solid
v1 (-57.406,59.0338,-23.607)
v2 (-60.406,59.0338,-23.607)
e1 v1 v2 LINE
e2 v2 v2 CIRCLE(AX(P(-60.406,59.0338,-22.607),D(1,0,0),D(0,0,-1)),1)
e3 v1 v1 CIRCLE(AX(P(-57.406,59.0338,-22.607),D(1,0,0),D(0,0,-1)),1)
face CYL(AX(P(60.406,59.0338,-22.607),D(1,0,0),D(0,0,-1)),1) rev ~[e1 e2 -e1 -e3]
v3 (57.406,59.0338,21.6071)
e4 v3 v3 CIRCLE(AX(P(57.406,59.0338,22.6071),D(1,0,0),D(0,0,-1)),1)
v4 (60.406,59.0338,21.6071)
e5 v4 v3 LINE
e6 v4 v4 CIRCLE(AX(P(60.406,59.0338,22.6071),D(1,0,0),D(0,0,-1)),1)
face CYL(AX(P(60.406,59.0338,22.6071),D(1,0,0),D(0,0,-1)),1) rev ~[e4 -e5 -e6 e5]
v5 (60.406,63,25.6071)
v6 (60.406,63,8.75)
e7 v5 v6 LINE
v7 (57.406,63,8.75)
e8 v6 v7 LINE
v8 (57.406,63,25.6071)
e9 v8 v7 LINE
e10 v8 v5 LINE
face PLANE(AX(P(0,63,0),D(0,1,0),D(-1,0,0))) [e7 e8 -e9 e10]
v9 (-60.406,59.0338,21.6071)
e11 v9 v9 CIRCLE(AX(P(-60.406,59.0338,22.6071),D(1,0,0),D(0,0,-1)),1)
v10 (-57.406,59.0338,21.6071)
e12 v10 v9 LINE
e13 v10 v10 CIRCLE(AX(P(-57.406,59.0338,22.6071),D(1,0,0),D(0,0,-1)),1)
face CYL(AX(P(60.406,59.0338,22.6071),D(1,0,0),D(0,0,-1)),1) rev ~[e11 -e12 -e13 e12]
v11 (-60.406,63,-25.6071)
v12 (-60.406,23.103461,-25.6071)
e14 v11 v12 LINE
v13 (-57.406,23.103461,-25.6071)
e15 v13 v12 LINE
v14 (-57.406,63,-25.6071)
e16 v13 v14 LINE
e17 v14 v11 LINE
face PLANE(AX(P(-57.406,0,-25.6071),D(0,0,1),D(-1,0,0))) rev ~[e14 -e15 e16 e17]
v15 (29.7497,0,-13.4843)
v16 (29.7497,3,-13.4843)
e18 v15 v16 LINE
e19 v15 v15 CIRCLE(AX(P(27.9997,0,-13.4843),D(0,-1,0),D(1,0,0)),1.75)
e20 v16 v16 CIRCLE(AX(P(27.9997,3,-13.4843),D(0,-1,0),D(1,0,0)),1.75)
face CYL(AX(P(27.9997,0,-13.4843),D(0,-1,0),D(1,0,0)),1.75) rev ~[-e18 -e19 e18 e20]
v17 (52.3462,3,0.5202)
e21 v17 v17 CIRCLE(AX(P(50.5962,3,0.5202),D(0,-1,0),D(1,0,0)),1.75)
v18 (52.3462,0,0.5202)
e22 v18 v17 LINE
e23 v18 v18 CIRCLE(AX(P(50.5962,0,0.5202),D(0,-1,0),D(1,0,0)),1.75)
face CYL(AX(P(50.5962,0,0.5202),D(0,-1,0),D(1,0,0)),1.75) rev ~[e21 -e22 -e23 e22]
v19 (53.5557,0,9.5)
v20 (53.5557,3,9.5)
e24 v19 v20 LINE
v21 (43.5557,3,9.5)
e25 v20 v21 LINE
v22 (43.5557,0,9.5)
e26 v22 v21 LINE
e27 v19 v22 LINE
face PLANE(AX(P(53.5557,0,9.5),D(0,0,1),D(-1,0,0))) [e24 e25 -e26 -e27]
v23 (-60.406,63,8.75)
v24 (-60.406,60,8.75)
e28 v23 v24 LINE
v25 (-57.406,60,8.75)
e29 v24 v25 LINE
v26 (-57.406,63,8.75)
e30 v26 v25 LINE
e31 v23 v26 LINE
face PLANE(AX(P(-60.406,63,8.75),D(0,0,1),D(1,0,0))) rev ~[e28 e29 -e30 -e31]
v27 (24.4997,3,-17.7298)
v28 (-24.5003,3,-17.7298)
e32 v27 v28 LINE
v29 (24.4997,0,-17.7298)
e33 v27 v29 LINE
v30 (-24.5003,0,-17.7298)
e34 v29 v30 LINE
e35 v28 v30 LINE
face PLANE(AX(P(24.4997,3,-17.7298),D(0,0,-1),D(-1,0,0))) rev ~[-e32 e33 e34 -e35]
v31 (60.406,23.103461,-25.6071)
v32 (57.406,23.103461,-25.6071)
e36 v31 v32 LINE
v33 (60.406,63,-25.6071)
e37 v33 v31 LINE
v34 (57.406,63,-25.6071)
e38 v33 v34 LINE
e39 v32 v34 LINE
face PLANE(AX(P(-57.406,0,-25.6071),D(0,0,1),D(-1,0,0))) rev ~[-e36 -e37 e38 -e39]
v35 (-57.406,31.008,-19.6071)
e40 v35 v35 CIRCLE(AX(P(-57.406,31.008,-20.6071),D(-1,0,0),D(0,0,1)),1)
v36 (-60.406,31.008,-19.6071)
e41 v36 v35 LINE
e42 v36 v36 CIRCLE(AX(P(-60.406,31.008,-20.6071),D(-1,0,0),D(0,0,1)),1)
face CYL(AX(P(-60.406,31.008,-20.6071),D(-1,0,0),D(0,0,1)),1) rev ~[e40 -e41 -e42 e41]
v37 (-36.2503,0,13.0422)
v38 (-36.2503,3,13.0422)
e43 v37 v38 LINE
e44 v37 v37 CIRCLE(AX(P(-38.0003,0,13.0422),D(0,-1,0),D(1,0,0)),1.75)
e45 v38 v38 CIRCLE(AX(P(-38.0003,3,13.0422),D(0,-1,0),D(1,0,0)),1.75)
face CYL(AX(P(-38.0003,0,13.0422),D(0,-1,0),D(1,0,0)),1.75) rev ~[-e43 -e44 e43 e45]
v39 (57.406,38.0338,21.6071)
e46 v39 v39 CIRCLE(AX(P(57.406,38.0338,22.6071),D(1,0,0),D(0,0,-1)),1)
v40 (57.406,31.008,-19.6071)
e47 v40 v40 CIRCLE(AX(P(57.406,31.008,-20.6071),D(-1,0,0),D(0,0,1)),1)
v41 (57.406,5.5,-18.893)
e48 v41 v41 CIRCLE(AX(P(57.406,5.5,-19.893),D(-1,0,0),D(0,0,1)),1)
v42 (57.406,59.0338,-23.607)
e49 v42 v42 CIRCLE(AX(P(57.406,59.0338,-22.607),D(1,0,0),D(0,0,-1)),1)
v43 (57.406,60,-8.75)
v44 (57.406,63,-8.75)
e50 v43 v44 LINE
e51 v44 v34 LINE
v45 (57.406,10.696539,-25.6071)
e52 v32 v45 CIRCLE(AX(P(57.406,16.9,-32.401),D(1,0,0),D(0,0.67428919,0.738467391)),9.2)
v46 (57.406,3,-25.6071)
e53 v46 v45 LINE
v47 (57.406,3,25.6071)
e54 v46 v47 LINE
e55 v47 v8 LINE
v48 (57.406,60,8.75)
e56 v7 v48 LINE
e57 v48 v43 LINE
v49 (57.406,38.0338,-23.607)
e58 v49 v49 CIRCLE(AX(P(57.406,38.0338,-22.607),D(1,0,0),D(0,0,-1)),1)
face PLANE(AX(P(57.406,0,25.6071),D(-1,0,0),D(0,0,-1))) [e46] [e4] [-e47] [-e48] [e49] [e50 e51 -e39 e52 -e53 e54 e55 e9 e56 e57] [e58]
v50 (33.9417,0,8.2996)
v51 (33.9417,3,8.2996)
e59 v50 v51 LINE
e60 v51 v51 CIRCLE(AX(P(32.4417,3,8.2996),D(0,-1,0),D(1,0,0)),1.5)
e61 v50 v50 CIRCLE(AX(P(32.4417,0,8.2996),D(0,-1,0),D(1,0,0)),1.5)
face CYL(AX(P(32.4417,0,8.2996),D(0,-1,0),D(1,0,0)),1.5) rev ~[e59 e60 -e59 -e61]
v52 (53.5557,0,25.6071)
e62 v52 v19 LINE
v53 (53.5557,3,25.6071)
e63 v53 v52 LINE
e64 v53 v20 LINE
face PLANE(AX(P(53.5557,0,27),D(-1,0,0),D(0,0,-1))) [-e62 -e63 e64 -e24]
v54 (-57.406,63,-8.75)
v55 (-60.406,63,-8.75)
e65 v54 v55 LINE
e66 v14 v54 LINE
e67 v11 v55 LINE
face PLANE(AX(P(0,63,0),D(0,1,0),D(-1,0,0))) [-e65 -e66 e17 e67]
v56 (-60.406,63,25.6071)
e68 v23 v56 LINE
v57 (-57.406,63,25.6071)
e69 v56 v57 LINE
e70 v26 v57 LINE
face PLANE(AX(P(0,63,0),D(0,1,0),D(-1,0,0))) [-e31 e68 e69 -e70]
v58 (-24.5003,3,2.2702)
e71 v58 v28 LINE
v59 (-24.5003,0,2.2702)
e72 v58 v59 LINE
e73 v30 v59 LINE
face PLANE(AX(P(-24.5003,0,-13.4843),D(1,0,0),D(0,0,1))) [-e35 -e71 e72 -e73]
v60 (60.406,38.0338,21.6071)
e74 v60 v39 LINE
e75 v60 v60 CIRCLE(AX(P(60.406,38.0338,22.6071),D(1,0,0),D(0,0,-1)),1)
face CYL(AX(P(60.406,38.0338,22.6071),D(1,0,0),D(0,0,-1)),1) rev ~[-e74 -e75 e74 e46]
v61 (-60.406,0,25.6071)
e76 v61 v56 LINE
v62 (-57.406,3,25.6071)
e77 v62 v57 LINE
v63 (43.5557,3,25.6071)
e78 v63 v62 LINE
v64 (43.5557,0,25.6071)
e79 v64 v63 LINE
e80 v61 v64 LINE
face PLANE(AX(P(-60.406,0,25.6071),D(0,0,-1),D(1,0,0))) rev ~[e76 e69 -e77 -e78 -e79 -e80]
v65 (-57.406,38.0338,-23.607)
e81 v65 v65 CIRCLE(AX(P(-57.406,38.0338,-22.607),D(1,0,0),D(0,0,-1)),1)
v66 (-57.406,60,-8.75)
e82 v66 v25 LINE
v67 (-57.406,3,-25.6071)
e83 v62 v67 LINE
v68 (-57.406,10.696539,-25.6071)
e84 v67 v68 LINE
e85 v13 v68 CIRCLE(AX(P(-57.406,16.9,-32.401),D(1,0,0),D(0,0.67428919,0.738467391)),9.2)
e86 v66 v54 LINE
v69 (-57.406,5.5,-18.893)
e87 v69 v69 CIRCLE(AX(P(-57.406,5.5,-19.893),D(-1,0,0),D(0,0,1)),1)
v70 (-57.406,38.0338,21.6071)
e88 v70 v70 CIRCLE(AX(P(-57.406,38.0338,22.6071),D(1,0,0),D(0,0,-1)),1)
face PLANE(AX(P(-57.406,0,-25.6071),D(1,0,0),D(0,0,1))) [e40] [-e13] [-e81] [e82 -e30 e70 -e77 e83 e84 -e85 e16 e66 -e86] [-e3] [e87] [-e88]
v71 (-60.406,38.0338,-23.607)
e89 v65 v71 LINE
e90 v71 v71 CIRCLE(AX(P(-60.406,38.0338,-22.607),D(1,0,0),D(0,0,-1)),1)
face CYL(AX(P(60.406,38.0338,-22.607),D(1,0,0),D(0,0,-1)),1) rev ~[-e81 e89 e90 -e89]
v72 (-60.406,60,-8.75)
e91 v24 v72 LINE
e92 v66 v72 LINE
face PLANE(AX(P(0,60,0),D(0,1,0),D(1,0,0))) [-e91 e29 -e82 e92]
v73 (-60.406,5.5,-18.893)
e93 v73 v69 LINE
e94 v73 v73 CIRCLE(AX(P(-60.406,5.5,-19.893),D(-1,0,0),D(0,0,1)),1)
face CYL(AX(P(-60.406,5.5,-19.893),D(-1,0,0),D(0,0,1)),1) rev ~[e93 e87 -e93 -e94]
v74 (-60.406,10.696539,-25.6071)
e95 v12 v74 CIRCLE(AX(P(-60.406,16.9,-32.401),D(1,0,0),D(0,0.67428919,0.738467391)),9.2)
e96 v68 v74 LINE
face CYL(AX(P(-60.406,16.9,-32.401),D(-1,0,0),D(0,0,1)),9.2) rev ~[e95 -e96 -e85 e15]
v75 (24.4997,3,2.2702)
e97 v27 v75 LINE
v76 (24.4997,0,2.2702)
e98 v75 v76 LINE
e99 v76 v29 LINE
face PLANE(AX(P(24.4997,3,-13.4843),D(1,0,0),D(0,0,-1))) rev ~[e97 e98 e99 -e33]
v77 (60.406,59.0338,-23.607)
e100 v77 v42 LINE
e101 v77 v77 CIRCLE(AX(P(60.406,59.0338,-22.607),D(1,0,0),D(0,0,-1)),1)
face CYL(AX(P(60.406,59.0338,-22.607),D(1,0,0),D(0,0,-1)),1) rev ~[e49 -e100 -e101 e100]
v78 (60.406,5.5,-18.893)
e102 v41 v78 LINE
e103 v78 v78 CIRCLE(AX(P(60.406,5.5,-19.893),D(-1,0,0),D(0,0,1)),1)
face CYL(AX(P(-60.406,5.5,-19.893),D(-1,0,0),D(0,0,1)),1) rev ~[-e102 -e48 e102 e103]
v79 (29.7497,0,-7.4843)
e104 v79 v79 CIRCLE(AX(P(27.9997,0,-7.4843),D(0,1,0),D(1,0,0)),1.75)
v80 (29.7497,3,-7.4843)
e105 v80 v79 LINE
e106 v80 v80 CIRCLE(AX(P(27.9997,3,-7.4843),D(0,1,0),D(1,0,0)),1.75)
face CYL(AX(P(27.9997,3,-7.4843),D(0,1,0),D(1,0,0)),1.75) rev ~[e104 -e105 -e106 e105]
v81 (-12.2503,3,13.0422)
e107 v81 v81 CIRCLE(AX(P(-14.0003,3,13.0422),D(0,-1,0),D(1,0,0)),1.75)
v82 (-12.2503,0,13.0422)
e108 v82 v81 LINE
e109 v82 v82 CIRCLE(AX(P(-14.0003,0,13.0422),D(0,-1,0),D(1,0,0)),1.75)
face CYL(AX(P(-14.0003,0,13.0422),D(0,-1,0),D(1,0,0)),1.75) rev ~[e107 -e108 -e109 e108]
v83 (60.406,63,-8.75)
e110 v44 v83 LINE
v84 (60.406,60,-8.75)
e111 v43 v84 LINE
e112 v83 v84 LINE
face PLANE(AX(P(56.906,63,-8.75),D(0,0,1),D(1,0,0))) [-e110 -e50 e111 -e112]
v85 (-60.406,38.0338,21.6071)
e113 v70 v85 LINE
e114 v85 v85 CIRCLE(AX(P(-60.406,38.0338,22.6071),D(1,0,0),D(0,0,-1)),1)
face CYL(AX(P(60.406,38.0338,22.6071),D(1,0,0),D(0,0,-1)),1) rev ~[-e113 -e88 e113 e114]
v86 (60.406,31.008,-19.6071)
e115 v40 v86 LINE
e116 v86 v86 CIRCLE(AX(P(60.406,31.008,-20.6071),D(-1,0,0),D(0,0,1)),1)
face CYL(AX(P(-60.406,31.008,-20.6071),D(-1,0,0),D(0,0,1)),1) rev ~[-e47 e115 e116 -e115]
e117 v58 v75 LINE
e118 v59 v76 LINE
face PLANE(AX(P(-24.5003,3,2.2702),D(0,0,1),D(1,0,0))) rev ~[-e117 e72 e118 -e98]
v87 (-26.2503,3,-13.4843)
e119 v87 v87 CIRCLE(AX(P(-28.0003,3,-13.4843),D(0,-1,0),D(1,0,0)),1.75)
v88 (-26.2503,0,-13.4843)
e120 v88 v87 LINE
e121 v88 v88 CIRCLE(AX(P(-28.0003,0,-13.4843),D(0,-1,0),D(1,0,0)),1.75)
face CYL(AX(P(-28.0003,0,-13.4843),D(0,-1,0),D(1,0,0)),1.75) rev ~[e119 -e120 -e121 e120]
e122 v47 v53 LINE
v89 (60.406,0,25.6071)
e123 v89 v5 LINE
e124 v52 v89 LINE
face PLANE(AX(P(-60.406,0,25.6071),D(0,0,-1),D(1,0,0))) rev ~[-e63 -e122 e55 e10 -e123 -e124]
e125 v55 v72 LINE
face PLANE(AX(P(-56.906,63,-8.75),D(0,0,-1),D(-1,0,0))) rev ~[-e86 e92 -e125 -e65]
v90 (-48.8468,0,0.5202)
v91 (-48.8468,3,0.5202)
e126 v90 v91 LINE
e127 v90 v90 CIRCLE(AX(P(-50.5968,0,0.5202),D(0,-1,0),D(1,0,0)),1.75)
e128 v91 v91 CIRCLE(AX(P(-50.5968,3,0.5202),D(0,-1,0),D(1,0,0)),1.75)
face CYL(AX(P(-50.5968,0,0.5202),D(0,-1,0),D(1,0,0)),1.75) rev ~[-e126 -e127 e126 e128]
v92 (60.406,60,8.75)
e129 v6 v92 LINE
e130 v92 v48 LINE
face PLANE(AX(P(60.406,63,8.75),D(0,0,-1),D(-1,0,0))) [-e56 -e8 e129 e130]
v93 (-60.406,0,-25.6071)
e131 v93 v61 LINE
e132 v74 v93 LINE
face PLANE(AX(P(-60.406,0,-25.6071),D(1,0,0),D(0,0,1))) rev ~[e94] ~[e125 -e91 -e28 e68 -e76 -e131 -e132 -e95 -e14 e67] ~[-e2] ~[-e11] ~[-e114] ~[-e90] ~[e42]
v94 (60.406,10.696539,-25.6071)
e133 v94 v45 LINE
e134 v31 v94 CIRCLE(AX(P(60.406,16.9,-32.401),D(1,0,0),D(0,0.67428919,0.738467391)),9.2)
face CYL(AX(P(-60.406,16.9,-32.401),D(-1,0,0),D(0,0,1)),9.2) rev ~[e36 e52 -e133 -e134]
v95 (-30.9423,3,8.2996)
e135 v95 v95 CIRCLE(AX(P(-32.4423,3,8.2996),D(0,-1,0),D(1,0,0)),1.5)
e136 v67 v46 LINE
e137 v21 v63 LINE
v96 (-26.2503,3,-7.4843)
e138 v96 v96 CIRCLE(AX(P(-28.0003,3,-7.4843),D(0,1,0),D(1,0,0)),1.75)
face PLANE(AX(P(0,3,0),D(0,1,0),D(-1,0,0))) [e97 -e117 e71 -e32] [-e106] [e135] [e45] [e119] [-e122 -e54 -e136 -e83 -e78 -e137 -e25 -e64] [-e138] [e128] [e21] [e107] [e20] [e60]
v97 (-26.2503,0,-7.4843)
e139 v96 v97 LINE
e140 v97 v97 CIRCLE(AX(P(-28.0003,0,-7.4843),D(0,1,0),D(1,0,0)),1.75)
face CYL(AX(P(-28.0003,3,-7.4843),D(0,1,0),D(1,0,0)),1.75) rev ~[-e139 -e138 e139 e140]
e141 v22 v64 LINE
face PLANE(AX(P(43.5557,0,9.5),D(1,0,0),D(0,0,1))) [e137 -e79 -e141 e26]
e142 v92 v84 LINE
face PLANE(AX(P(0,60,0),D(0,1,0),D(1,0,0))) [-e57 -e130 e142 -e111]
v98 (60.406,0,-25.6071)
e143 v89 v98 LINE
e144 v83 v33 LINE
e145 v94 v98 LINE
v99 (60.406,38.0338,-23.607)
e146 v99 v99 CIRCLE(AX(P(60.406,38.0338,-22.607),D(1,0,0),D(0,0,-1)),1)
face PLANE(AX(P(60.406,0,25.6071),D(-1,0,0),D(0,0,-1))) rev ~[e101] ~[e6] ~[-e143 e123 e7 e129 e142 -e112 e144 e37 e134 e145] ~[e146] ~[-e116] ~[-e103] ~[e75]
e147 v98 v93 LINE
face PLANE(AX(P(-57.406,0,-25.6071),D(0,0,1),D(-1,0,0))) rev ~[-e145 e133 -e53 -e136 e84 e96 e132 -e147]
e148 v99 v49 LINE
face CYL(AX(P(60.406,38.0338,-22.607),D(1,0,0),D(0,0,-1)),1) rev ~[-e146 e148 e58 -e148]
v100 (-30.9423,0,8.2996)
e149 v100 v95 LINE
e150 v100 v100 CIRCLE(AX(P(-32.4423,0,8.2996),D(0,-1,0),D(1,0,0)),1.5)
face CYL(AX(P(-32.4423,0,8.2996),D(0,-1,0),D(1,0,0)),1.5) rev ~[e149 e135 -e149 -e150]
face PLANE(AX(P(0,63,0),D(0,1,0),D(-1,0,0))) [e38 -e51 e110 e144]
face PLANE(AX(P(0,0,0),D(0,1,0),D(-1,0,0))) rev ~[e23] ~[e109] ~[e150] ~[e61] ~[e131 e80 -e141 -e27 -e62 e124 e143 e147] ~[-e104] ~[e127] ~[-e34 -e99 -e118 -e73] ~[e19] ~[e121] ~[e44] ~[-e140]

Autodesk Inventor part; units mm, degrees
ref_plane "YZ Plane" through (0, 0, 0) normal (1, 0, 0) x (0, 1, 0)
ref_plane "XZ Plane" through (0, 0, 0) normal (0, 1, 0) x (-1, 0, 0)
sketch "Sketch1" plane through (0, 0, 0) normal (0, 1, 0) x (-1, 0, 0)
  line L0 (60.406, 25.6071) -> (-60.406, 25.6071)
  line L1 (-60.406, 25.6071) -> (-60.406, -25.6071)
  line L2 (-60.406, -25.6071) -> (60.406, -25.6071)
  line L3 (60.406, -25.6071) -> (60.406, 25.6071)
  line L4 (60.406, 25.6071) -> (-60.406, -25.6071) construction
  line L5 (-60.406, 25.6071) -> (60.406, -25.6071) construction
  line L6 (-57.406, 25.6071) -> (-57.406, -25.6071)
  line L7 (57.406, -25.6071) -> (57.406, 25.6071)
  line L8 (57.406, 23.5058) -> (55.4493, 23.5058)
  line L9 (-55.4493, 23.5058) -> (-57.406, 23.5058)
  line L10 (-57.406, -33.4947) -> (-79.0126, -33.4947)
  line L11 (79.0126, -33.4947) -> (57.406, -33.4947)
  point P0 (0, 0)
  dimension "d0" = 120.812
  dimension "d1" = 51.2141
  dimension "d8" = 3
  dimension "d9" = 3
  dimension "d10" = 114.812
extrude "Extrusion1" add sketch "Sketch1" along normal blind 3
extrude "Extrusion2" add sketch "Sketch1" along normal blind 63 contours L3 L2 L7 L0 | L6 L2 L1 L0
ref_plane "Work Plane2" through (0, 0, -18.4174) normal (0, 0, 1) x (1, 0, 0)
sketch "Sketch2" plane through (0, 0, 0) normal (0, -1, 0) x (1, 0, 0)
  circle A0 centre (-50.5968, 0.5202) radius 1.75 projected
  circle A1 centre (-28.0003, -13.4843) radius 1.75 projected
  circle A2 centre (50.5962, 0.5202) radius 1.75 projected
  circle A3 centre (27.9997, -13.4843) radius 1.75 projected
  circle A4 centre (27.9997, -13.4843) radius 1.75
  circle A5 centre (50.5962, 0.5202) radius 1.75
  circle A6 centre (-28.0003, -13.4843) radius 1.75
  circle A7 centre (-50.5968, 0.5202) radius 1.75
  point P0 (0, 0)
  dimension "d12" = 3.5
  dimension "d13" = 3.5
  dimension "d14" = 3.5
  dimension "d15" = 3.5
extrude "Extrusion3" cut sketch "Sketch2" against normal up to next
sketch "Sketch4" plane through (0, 63, 0) normal (0, 1, 0) x (1, 0, 0)
  line L0 (-60.406, -8.75) -> (-56.906, -8.75)
  line L1 (-56.906, -8.75) -> (-56.906, 8.75)
  line L2 (-56.906, 8.75) -> (-60.406, 8.75)
  line L3 (-60.406, -8.75) -> (-60.406, 8.75)
  line L4 (0, 0) -> (0, 8.75)
  line L5 (60.406, -8.75) -> (56.906, -8.75)
  line L6 (56.906, -8.75) -> (56.906, 8.75)
  line L7 (56.906, 8.75) -> (60.406, 8.75)
  line L8 (60.406, -8.75) -> (60.406, 8.75)
  point P0 (-60.406, 0)
  point P1 (60.406, 0)
  dimension "d18" = 17.5
extrude "Extrusion4" cut sketch "Sketch4" against normal blind 3
sketch "Sketch6" plane through (0, 0, 0) normal (0, -1, 0) x (1, 0, 0)
  circle A0 centre (-32.4423, 8.2996) radius 1.5 projected
  circle A1 centre (32.4417, 8.2996) radius 1.5 projected
  point P0 (0, 0)
extrude "Extrusion5" cut sketch "Sketch6" against normal up to next
sketch "Sketch9" plane through (60.406, 0, 25.6071) normal (1, 0, 0) x (0, 0, -1)
  circle A0 centre (3, 59.0338) radius 1 projected
  circle A1 centre (3, 38.0338) radius 1 projected
  circle A2 centre (48.2141, 59.0338) radius 1 projected
  circle A3 centre (48.2141, 38.0338) radius 1 projected
  point P0 (25.6071, 0)
extrude "Extrusion7" cut sketch "Sketch9" against normal blind 200
sketch "Sketch10" plane through (0, 0, 0) normal (0, -1, 0) x (1, 0, 0)
  circle A0 centre (-28.0003, -13.4843) radius 1.75 projected
  circle A1 centre (27.9997, -13.4843) radius 1.75 projected
  line L0 (53.5962, 73.5112) -> (-53.5968, 73.5112)
  line L1 (-24.5003, -13.4843) -> (24.4997, -13.4843)
  line L2 (24.4997, 73.5112) -> (-24.5003, 73.5112)
  line L3 (-24.5003, -13.4843) -> (-24.5003, -2.4798)
  line L4 (-24.5003, -13.4843) -> (-13.4958, -13.4843) construction
  line L5 (-24.5003, -2.4798) -> (24.4997, -2.4798)
  line L6 (24.4997, -13.4843) -> (24.4997, -2.4798)
  point P0 (0, 0)
  dimension "d39" = 90
extrude "Extrusion8" cut sketch "Sketch10" against normal up to next contours L3 L5 L6 L1
sketch "Sketch11" plane through (0, 0, 0) normal (0, -1, 0) x (1, 0, 0)
  circle A0 centre (-38.0003, 13.0422) radius 1.75
  circle A1 centre (-14.0003, 13.0422) radius 1.75
  line L0 (-36.0003, -4.4688) -> (-36.0003, 50.5312) projected
  line L1 (-16.0003, 50.5312) -> (-16.0003, -4.4688) projected
  line L2 (-34.6078, 15.0422) -> (34.6072, 15.0422) projected
  point P0 (0, 0)
  dimension "d31" = 3.5
  dimension "d32" = 3.5
  dimension "d33" = 2
  dimension "d34" = 2
  dimension "d37" = 2
  dimension "d38" = 2
extrude "Extrusion9" cut sketch "Sketch11" against normal up to next
sketch "Sketch15" plane through (-60.406, 0, -25.6071) normal (-1, 0, 0) x (0, 0, 1)
  circle A0 centre (-6.7939, 16.9) radius 9.2 projected
  point P0 (25.6071, 0)
extrude "Extrusion11" cut sketch "Sketch15" against normal through all
sketch "Sketch16" plane through (0, 0, 0) normal (0, -1, 0) x (1, 0, 0)
  line L0 (45.6757, 24.585) -> (45.6757, 11.915) projected
  line L1 (51.4357, 11.915) -> (51.4357, 24.585) projected
  line L2 (45.6757, 11.915) -> (51.4357, 11.915) projected
  line L3 (51.4357, 24.585) -> (45.6757, 24.585) projected
  line L4 (43.5557, 27) -> (53.5557, 27)
  line L5 (53.5557, 27) -> (53.5557, 9.5)
  line L6 (53.5557, 9.5) -> (43.5557, 9.5)
  line L7 (43.5557, 9.5) -> (43.5557, 27)
  line L8 (43.5557, 27) -> (53.5557, 9.5) construction
  line L9 (53.5557, 27) -> (43.5557, 9.5) construction
  point P0 (0, 0)
  point P1 (48.5557, 18.25)
  dimension "d49" = 10
  dimension "d50" = 17.5
extrude "Extrusion12" cut sketch "Sketch16" against normal up to next contours L3 L1 L2 L0 | L4 L5 L6 L7
sketch "Sketch17" plane through (0, 3, 0) normal (0, 1, 0) x (1, 0, 0)
  circle A0 centre (-28.0003, 13.4843) radius 1.75 projected
  circle A1 centre (27.9997, 13.4843) radius 1.75 projected
  circle A2 centre (-28.0003, 7.4843) radius 1.75
  circle A3 centre (27.9997, 7.4843) radius 1.75
  line L0 (-24.5003, 13.4843) -> (24.4997, 13.4843) projected
  line L1 (-24.5003, 2.4798) -> (-24.5003, 13.4843) projected
  circle A4 centre (-50.5968, -0.5202) radius 1.75 projected
  circle A5 centre (50.5962, -0.5202) radius 1.75 projected
  line L2 (-24.5003, -2.2702) -> (24.4997, -2.2702)
  line L3 (24.4997, -2.2702) -> (24.4997, 17.7298)
  line L4 (24.4997, 17.7298) -> (-24.5003, 17.7298)
  line L5 (-24.5003, 17.7298) -> (-24.5003, -2.2702)
  point P0 (0, 0)
  dimension "d53" = 3.5
  dimension "d54" = 6
  dimension "d55" = 6
  dimension "d56" = 20
sketch "Sketch18" plane through (-60.406, 0, -25.6071) normal (-1, 0, 0) x (0, 0, 1)
  circle A0 centre (5, 31.008) radius 1
  line L0 (0, 0) -> (51.2141, 0) projected
  line L1 (0, 23.1035) -> (0, 63) projected
  circle A1 centre (5.7141, 5.5) radius 1
  line L2 (0, 0) -> (0, 10.6965) projected
  point P0 (25.6071, 0)
  dimension "d59" = 5
  dimension "d60" = 2
  dimension "d61" = 5.5
  dimension "d62" = 5.7141
extrude "Extrusion13" cut sketch "Sketch18" against normal through all
extrude "Extrusion14" cut sketch "Sketch17" against normal through all contours A2 | A3 | L5 L4 L3 L0 | L0 L3 L2 L5 L1
equation "\"d55\" = d54"
properties part number "Kepala Tengah 2"
